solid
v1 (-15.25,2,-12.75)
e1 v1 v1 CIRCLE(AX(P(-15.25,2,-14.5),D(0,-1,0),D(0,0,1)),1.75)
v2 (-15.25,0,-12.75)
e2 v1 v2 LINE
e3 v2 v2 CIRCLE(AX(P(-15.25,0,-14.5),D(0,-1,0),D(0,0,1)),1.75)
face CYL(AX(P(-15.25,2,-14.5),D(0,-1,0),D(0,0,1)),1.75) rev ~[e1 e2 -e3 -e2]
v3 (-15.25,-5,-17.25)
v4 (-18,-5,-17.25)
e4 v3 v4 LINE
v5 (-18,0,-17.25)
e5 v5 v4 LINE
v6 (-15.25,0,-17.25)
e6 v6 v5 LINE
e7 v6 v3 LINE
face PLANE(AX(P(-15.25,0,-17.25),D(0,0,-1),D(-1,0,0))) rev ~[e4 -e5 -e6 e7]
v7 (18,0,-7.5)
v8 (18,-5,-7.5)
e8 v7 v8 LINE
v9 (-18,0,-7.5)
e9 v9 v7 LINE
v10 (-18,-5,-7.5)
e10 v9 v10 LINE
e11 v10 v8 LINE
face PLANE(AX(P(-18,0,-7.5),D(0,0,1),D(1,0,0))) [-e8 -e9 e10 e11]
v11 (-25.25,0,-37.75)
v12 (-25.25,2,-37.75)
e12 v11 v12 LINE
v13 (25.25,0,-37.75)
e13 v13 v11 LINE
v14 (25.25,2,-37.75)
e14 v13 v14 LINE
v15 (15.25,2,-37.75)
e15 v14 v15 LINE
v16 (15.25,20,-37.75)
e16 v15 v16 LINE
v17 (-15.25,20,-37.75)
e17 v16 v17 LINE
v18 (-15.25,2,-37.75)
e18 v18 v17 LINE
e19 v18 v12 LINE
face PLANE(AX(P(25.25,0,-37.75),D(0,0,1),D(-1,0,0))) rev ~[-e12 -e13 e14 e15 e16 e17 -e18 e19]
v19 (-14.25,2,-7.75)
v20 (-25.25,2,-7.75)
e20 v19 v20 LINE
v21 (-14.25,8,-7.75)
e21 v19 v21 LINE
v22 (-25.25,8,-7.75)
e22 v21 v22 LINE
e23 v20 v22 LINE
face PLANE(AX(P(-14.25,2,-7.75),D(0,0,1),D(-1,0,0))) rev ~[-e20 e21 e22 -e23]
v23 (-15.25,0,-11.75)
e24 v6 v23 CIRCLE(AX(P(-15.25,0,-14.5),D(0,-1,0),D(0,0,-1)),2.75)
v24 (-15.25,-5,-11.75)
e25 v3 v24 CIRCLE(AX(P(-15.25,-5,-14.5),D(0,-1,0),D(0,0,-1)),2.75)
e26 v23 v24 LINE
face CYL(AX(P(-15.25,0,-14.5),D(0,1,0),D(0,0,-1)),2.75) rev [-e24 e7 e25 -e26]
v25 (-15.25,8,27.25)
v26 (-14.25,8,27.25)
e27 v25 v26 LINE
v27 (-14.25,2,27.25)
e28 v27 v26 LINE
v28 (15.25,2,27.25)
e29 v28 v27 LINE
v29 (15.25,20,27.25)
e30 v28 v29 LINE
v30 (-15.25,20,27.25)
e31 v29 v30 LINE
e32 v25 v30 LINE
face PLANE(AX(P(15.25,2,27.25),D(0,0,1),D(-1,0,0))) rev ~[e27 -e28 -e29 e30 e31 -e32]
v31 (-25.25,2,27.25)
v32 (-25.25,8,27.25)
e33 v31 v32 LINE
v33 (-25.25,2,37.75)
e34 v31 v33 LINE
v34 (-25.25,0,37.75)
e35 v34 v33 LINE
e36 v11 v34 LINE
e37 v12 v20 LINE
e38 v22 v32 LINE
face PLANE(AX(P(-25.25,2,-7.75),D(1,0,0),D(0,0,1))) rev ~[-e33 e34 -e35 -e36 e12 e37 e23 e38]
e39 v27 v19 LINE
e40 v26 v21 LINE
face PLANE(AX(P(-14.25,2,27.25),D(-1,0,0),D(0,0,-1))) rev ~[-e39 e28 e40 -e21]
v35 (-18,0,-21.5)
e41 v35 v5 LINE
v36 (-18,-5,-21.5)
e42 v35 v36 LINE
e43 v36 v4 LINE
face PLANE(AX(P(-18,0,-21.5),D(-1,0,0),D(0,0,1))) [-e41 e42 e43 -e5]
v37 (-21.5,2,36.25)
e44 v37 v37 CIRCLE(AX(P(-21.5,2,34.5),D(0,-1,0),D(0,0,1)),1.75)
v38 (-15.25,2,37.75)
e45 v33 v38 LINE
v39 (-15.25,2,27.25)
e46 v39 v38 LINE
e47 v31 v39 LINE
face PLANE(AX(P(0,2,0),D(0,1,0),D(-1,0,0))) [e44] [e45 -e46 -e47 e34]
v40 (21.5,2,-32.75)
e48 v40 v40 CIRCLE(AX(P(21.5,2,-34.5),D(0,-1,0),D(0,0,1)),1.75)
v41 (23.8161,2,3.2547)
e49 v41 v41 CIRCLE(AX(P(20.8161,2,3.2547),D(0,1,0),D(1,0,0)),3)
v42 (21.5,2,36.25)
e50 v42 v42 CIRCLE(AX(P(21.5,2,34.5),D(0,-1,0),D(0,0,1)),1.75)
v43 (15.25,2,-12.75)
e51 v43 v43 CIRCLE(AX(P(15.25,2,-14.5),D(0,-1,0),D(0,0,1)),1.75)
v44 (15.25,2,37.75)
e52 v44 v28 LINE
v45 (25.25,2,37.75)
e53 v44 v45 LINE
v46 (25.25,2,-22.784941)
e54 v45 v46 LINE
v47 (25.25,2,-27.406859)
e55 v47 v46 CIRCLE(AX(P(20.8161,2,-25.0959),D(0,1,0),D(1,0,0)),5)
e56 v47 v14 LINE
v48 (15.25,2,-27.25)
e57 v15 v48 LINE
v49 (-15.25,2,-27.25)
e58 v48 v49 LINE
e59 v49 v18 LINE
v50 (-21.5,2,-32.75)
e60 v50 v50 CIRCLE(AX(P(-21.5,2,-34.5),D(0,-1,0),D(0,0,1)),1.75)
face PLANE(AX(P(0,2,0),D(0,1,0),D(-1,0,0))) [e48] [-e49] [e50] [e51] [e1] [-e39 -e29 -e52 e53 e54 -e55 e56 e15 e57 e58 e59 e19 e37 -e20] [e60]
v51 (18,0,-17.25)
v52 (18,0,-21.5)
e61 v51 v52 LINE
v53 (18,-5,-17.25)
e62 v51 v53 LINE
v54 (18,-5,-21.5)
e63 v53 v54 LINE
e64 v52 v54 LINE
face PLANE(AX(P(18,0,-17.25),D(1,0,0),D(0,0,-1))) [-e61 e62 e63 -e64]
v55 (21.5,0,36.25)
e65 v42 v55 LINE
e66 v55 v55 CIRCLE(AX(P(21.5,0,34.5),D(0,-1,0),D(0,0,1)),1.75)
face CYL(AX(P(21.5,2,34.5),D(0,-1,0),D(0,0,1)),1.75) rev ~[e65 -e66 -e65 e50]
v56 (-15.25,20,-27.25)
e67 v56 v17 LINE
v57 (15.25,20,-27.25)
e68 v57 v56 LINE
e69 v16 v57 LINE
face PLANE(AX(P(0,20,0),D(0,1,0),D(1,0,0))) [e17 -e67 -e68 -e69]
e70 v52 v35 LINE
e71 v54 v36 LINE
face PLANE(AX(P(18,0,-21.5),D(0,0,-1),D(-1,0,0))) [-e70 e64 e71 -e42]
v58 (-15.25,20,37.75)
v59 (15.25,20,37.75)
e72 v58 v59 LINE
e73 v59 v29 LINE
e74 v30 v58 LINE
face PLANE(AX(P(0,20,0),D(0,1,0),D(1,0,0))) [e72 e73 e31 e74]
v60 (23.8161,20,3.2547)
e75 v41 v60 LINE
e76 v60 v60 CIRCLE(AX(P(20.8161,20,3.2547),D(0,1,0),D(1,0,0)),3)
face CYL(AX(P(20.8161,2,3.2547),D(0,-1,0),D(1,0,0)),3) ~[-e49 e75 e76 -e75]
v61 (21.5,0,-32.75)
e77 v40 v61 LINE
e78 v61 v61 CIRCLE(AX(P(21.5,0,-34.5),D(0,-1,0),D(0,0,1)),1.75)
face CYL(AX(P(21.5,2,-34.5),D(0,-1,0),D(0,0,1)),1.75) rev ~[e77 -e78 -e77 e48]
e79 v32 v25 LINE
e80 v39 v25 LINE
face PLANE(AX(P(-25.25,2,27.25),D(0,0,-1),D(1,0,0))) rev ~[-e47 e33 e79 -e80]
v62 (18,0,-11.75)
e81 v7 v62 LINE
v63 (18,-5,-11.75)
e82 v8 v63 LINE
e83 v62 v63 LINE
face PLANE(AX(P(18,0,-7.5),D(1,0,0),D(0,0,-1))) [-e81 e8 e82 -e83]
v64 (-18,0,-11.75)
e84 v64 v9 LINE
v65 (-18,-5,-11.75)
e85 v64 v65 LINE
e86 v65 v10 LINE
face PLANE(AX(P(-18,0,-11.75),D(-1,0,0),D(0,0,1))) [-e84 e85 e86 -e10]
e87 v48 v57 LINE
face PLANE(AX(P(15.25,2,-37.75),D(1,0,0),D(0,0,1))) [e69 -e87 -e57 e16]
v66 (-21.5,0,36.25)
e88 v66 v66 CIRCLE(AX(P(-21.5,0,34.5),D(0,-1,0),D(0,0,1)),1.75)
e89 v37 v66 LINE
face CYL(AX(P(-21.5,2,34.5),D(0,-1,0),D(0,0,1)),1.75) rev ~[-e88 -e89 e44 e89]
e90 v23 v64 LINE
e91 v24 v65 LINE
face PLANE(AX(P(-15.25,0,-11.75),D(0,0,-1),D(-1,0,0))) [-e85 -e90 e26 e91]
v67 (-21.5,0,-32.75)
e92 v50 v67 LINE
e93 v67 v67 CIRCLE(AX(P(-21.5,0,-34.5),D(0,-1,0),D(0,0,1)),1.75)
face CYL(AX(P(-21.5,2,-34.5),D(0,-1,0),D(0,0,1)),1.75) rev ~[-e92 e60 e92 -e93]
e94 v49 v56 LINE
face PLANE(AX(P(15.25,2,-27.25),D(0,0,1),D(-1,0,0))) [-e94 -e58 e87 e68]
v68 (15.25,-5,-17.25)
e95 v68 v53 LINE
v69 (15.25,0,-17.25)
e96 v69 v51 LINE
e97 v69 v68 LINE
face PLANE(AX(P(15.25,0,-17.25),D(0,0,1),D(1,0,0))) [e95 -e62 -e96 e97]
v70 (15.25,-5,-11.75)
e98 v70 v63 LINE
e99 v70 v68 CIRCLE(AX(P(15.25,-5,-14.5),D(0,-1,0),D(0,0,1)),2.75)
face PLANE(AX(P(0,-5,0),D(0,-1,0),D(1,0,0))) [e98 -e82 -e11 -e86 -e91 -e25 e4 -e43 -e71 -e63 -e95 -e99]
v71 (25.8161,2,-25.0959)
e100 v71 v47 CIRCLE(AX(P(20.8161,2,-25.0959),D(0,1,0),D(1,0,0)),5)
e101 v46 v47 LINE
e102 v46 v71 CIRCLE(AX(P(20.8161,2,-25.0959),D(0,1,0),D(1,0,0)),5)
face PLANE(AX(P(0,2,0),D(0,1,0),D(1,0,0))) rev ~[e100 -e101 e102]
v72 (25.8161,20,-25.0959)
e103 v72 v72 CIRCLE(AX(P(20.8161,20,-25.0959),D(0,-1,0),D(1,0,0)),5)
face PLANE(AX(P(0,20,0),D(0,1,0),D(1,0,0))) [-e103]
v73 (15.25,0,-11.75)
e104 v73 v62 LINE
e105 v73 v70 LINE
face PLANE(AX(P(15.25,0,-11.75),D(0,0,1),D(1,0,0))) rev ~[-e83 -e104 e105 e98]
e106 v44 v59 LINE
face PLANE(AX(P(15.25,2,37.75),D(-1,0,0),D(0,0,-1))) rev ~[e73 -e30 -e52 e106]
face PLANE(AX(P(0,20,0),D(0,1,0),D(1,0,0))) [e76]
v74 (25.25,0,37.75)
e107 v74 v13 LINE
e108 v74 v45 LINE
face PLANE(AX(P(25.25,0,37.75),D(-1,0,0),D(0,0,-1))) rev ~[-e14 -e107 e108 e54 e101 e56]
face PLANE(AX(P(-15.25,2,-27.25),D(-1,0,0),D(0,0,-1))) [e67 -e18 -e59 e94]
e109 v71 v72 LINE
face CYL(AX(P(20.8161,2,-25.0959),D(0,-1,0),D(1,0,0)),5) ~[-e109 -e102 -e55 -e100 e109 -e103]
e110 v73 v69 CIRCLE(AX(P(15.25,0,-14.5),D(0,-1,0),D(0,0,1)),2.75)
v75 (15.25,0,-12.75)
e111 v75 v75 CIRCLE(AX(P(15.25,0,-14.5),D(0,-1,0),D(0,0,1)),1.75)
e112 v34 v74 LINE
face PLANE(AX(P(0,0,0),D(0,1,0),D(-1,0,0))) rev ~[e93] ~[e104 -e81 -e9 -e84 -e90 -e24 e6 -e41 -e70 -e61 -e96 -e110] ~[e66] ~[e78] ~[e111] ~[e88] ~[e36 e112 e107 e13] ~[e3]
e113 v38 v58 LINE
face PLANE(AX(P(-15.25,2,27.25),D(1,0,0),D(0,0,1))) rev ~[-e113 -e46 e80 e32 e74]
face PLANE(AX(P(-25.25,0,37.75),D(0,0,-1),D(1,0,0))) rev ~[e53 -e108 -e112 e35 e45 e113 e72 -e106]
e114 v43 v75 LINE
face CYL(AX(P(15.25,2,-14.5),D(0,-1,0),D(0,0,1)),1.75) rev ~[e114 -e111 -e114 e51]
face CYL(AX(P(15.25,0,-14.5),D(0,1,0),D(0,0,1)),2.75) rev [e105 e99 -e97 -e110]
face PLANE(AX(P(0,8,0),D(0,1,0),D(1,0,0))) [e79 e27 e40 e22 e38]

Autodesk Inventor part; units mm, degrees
ref_plane "YZ Plane" through (0, 0, 0) normal (1, 0, 0) x (0, 1, 0)
ref_plane "XZ Plane" through (0, 0, 0) normal (0, 1, 0) x (-1, 0, 0)
ref_plane "XY Plane" through (0, 0, 0) normal (0, 0, 1) x (1, 0, 0)
sketch "Szkic1" plane through (0, 0, 0) normal (0, 1, 0) x (-1, 0, 0)
  line L0 (-25.25, -37.75) -> (25.25, -37.75)
  line L1 (25.25, -37.75) -> (25.25, 37.75)
  line L2 (25.25, 37.75) -> (-25.25, 37.75)
  line L3 (-25.25, 37.75) -> (-25.25, -37.75)
  line L4 (-25.25, -37.75) -> (25.25, 37.75) construction
  line L5 (25.25, -37.75) -> (-25.25, 37.75) construction
  point P0 (0, 0)
  dimension "d0" = 50.5
  dimension "d1" = 75.5
extrude "Wyciągnięcie proste1" add sketch "Szkic1" along normal blind 2
sketch "Szkic2" plane through (0, 2, 0) normal (0, 1, 0) x (1, 0, 0)
  line L0 (25.25, 37.75) -> (-25.25, 37.75) projected
  line L1 (-25.25, 37.75) -> (-25.25, -37.75) projected
  line L2 (-25.25, -37.75) -> (25.25, -37.75) projected
  line L3 (25.25, -37.75) -> (25.25, 37.75) projected
  line L4 (-25.25, 37.75) -> (-25.25, -37.75) projected
  point P0 (0, 0)
  point P1 (-21.5, -34.5)
  point P2 (-21.5, 34.5)
  point P3 (21.5, 34.5)
  point P4 (21.5, -34.5)
  point P5 (-15.25, 14.5)
  point P6 (15.25, 14.5)
  dimension "d4" = 69
  dimension "d5" = 69
  dimension "d6" = 43
  dimension "d7" = 43
  dimension "d8" = 75.5
  dimension "d9" = 50.5
  dimension "d10" = 3.75
  dimension "d11" = 3.25
  dimension "d13" = 3.75
  dimension "d14" = 3.25
  dimension "d15" = 20
  dimension "d16" = 20
  dimension "d17" = 30.5
  dimension "d19" = 10
  dimension "d20" = 10
hole "Otwór1" at (-21.5, 2, 34.5) at (-21.5, 2, -34.5) at (21.5, 2, -34.5) at (21.5, 2, 34.5) at (-15.25, 2, -14.5) at (15.25, 2, -14.5) direction (0, -1, 0) diameter 3.5 end through all
sketch "Szkic3" plane through (0, 2, 0) normal (0, 1, 0) x (1, 0, 0)
  circle A0 centre (-15.25, 14.5) radius 1.75 projected
  circle A1 centre (21.5, 34.5) radius 1.75 projected
  circle A2 centre (-21.5, -34.5) radius 1.75 projected
  circle A3 centre (-21.5, 34.5) radius 1.75 projected
  circle A4 centre (21.5, -34.5) radius 1.75 projected
  circle A5 centre (15.25, 14.5) radius 1.75 projected
  line L0 (25.25, 37.75) -> (-25.25, 37.75) projected
  line L1 (-25.25, 37.75) -> (-25.25, -37.75) projected
  line L2 (-25.25, -37.75) -> (25.25, -37.75) projected
  line L3 (25.25, -37.75) -> (25.25, 37.75) projected
  line L4 (-15.25, 37.75) -> (15.25, 37.75)
  line L5 (15.25, 37.75) -> (15.25, 27.25)
  line L6 (15.25, 27.25) -> (-15.25, 27.25)
  line L7 (-15.25, 27.25) -> (-15.25, 37.75)
  circle A6 centre (20.8161, 25.0959) radius 5
  line L8 (-15.25, -37.75) -> (15.25, -37.75)
  line L9 (15.25, -37.75) -> (15.25, -27.25)
  line L10 (15.25, -27.25) -> (-15.25, -27.25)
  line L11 (-15.25, -27.25) -> (-15.25, -37.75)
  line L12 (-25.25, -27.25) -> (-15.25, -27.25)
  line L13 (-15.25, -27.25) -> (-15.25, 7.75)
  line L14 (-15.25, 7.75) -> (-25.25, 7.75)
  line L15 (-25.25, 7.75) -> (-25.25, -27.25)
  circle A7 centre (20.8161, -3.2547) radius 3
  point P0 (0, 0)
  dimension "d28" = 10.5
  dimension "d29" = 10
  dimension "d30" = 10
  dimension "d31" = 10
  dimension "d32" = 10.5
  dimension "d33" = 10
  dimension "d34" = 10
  dimension "d35" = 35
  dimension "d36" = 6
extrude "Wyciągnięcie proste2" add sketch "Szkic3" along normal blind 18 contours L5 L6 L7 L0 | A6 L3 | L3 A6 | L2 L11 L10 L9 | A7
sketch "Szkic4" plane through (0, 2, 0) normal (0, 1, 0) x (1, 0, 0)
  line L0 (15.25, -27.25) -> (15.25, -37.75) projected
  line L1 (15.25, -37.75) -> (25.25, -37.75) projected
  line L2 (25.25, -37.75) -> (25.25, 22.7849) projected
  arc A0 (25.25, 27.4069) -> (25.25, 22.7849) centre (20.8161, 25.0959) ccw projected
  line L3 (25.25, 27.4069) -> (25.25, 37.75) projected
  line L4 (25.25, 37.75) -> (15.25, 37.75) projected
  line L5 (15.25, 37.75) -> (15.25, 27.25) projected
  line L6 (15.25, 27.25) -> (-15.25, 27.25) projected
  line L7 (-15.25, 27.25) -> (-15.25, 37.75) projected
  line L8 (-15.25, 37.75) -> (-25.25, 37.75) projected
  line L9 (-25.25, 37.75) -> (-25.25, -37.75) projected
  line L10 (-25.25, -37.75) -> (-15.25, -37.75) projected
  line L11 (-15.25, -37.75) -> (-15.25, -27.25) projected
  line L12 (-15.25, -27.25) -> (15.25, -27.25) projected
  circle A1 centre (20.8161, -3.2547) radius 3 projected
  circle A2 centre (-15.25, 14.5) radius 1.75 projected
  circle A3 centre (21.5, 34.5) radius 1.75 projected
  circle A4 centre (-21.5, -34.5) radius 1.75 projected
  circle A5 centre (-21.5, 34.5) radius 1.75 projected
  circle A6 centre (21.5, -34.5) radius 1.75 projected
  circle A7 centre (15.25, 14.5) radius 1.75 projected
  line L13 (-25.25, 37.75) -> (-25.25, -37.75) projected
  line L14 (-25.25, -27.25) -> (-14.25, -27.25)
  line L15 (-14.25, -27.25) -> (-14.25, 7.75)
  line L16 (-14.25, 7.75) -> (-25.25, 7.75)
  line L17 (-25.25, 7.75) -> (-25.25, -27.25)
  point P0 (0, 0)
  dimension "d39" = 11
  dimension "d40" = 35
extrude "Wyciągnięcie proste3" add sketch "Szkic4" along normal blind 6 contours L12 L14 L9 L16 L15
sketch "Szkic5" plane through (0, 0, 0) normal (0, -1, 0) x (1, 0, 0)
  circle A0 centre (-15.25, -14.5) radius 1.75 projected
  circle A1 centre (21.5, -34.5) radius 1.75 projected
  circle A2 centre (-21.5, 34.5) radius 1.75 projected
  circle A3 centre (-21.5, -34.5) radius 1.75 projected
  circle A4 centre (21.5, 34.5) radius 1.75 projected
  circle A5 centre (15.25, -14.5) radius 1.75 projected
  line L0 (25.25, -37.75) -> (-25.25, -37.75) projected
  line L1 (25.25, 37.75) -> (25.25, -37.75) projected
  line L2 (-25.25, 37.75) -> (25.25, 37.75) projected
  line L3 (-25.25, -37.75) -> (-25.25, 37.75) projected
  line L4 (-18, -7.5) -> (18, -7.5)
  line L5 (18, -21.5) -> (-18, -21.5)
  arc A6 (-15.25, -17.25) -> (-15.25, -11.75) centre (-15.25, -14.5) ccw
  arc A7 (15.25, -11.75) -> (15.25, -17.25) centre (15.25, -14.5) ccw
  line L6 (-15.25, -11.75) -> (-18, -11.75)
  line L7 (-15.25, -17.25) -> (-18, -17.25)
  line L8 (15.25, -11.75) -> (18, -11.75)
  line L9 (15.25, -17.25) -> (18, -17.25)
  line L10 (-18, -21.5) -> (-18, -17.25)
  line L11 (-18, -11.75) -> (-18, -7.5)
  line L12 (18, -7.5) -> (18, -11.75)
  line L13 (18, -17.25) -> (18, -21.5)
  point P0 (0, 0)
  dimension "d43" = 36
  dimension "d44" = 14
  dimension "d45" = 7
  dimension "d46" = 7
extrude "Wyciągnięcie proste4" add sketch "Szkic5" along normal blind 5 contours L4 L12 L8 A7 L9 L13 L5 L10 L7 A6 L6 L11
equation "\"d5\" = d4"
equation "\"d7\" = d6"
equation "\"d10\" = -0.5 * d6 + 0.5 * d9"
equation "\"d11\" = -0.5 * d4 + 0.5 * d8"
equation "\"d13\" = d10"
equation "\"d14\" = d11"
equation "\"d16\" = d15"
equation "\"d19\" = d20"
equation "\"d30\" = d29"
equation "\"d34\" = d33"
equation "\"d45\" = d46"
equation "\"d47\" = d48"
equation "\"d48\" = 2.75"
properties part number "step driver"
